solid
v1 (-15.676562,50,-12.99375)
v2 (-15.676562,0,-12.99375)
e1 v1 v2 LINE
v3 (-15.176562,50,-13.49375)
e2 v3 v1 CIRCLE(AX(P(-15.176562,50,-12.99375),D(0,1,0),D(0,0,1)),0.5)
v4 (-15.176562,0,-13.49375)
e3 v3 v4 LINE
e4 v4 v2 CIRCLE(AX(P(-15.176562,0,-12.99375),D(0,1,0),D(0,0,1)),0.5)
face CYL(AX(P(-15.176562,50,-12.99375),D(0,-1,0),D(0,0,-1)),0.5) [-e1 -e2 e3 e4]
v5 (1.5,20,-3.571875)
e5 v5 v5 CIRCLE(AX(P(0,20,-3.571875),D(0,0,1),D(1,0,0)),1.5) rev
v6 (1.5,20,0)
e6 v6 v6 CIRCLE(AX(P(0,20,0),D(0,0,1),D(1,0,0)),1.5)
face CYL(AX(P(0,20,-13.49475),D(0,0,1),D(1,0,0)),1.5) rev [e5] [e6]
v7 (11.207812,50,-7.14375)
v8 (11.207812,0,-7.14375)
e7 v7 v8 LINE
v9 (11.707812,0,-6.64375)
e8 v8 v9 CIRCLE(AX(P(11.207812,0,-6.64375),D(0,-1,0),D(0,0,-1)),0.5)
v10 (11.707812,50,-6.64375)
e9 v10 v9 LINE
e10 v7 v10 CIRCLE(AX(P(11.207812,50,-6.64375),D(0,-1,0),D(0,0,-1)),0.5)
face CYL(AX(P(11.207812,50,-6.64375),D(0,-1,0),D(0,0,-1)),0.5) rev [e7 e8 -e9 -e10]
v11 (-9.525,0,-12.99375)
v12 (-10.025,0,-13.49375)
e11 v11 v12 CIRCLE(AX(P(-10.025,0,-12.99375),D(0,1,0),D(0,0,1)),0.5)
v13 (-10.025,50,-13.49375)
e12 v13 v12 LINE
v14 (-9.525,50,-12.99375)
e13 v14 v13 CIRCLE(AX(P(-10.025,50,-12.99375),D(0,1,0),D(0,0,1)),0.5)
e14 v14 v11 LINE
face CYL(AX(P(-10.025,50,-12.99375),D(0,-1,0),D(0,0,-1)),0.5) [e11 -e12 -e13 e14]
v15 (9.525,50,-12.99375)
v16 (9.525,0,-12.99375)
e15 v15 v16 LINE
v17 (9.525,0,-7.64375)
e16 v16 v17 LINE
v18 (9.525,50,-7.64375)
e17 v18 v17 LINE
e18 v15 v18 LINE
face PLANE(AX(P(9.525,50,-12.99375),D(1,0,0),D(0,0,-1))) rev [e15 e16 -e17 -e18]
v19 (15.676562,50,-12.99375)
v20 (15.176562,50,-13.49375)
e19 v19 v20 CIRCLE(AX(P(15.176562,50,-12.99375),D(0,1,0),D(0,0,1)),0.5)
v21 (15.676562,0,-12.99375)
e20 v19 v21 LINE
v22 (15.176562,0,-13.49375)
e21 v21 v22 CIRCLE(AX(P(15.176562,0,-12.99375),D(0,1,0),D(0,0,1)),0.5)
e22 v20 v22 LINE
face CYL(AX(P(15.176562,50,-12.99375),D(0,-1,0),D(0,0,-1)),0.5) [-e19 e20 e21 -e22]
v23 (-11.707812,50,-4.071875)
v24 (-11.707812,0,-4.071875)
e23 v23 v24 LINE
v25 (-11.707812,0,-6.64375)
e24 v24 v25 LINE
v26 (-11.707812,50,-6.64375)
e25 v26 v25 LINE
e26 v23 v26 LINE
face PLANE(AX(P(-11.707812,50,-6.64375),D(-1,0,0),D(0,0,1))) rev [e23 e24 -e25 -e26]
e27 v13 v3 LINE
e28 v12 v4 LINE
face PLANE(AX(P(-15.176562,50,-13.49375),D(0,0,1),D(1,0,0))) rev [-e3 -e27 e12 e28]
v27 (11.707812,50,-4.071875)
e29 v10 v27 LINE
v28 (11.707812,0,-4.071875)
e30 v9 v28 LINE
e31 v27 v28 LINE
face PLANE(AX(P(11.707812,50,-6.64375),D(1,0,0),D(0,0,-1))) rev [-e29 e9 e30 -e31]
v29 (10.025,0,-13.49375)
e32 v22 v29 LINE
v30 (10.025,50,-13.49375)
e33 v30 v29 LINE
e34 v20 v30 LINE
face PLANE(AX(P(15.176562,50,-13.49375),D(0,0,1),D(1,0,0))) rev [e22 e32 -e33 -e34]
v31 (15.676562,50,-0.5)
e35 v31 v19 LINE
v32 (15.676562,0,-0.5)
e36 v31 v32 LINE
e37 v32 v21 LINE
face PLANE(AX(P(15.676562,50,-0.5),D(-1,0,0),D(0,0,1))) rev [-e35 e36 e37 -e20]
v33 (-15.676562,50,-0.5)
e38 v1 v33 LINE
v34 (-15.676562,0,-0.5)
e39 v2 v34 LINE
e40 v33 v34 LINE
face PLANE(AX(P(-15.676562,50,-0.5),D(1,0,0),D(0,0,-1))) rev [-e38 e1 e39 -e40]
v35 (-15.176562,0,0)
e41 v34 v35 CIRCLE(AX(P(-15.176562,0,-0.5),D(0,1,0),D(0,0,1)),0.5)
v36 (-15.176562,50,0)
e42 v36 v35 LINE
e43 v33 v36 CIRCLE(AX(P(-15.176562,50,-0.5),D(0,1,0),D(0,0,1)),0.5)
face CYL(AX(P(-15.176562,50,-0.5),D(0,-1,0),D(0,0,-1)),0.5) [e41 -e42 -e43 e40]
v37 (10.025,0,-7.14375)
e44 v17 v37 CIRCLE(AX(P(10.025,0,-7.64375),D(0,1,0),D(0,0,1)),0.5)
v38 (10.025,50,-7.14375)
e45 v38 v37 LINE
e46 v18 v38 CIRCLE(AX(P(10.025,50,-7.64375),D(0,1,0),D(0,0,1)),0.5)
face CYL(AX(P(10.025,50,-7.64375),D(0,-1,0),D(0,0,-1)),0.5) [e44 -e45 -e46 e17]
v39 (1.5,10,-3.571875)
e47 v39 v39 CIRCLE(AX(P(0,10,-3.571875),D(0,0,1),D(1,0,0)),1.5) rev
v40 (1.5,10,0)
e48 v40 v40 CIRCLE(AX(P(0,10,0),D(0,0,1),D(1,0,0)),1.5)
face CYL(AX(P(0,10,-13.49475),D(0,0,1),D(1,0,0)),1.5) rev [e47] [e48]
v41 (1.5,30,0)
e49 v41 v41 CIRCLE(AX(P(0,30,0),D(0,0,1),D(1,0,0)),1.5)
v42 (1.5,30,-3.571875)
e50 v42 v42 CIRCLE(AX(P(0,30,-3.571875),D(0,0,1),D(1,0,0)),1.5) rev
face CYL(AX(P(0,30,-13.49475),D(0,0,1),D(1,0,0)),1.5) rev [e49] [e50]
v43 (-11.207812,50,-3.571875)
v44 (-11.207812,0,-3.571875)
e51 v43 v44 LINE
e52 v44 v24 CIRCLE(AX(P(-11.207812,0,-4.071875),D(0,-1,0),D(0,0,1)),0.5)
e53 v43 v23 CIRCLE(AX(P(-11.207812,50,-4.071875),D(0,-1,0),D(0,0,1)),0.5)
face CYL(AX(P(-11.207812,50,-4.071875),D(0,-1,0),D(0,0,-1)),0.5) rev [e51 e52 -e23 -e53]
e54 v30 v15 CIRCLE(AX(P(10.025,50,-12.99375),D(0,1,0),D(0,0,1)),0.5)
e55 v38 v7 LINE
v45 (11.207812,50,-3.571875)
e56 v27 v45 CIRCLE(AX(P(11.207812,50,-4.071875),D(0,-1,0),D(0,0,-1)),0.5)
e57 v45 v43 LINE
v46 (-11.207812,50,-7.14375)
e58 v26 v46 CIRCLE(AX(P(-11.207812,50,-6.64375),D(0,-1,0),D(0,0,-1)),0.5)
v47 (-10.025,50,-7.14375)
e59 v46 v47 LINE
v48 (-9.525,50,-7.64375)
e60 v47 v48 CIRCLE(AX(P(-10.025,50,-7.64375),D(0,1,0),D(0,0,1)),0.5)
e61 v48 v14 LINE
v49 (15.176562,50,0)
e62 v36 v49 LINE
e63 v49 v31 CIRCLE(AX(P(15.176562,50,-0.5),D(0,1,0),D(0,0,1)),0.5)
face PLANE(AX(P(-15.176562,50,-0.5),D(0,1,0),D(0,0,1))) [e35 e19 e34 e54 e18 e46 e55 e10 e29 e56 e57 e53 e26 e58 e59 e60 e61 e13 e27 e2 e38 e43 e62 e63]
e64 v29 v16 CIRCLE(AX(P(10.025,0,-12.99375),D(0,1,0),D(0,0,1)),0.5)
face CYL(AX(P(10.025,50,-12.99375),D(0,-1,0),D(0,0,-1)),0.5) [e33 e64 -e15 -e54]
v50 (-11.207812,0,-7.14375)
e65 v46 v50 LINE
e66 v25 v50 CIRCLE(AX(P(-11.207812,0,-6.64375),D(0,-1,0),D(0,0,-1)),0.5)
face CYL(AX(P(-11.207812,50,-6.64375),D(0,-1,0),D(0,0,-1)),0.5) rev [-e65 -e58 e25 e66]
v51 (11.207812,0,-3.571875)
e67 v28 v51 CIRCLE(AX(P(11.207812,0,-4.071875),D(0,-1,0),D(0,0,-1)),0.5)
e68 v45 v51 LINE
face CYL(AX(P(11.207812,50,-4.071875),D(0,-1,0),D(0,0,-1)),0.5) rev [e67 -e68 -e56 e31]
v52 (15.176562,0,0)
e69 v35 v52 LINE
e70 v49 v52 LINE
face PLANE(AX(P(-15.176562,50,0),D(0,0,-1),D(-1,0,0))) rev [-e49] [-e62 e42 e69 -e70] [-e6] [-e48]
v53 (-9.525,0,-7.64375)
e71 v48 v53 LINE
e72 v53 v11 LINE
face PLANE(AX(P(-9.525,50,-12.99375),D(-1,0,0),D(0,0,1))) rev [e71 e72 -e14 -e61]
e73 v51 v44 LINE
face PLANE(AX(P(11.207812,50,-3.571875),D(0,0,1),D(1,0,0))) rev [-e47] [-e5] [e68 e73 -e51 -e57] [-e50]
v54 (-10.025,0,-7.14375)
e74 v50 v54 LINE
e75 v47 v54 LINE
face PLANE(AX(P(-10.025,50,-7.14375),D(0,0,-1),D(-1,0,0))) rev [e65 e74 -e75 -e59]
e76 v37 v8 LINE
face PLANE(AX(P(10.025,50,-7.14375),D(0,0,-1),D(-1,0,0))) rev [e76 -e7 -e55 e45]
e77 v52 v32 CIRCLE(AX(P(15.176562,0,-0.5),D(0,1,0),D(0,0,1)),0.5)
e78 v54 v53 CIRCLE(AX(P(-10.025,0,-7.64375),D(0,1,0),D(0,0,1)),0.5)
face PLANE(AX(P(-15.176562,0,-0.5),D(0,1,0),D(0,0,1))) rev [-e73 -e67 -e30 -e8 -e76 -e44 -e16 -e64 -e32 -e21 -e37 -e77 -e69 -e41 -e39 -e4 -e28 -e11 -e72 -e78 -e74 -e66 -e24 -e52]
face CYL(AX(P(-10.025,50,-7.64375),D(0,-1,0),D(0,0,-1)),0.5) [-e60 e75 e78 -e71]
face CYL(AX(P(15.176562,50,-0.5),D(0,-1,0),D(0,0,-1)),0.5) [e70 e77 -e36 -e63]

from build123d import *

# Parameters (mm, degrees)
BOSS_EXTRUDE1_DEPTH = 50
CUT_EXTRUDE1_REACH  = 56.109
SKETCH2_R           = 1.5


with BuildPart() as part:
    # Sketch1 → Boss-Extrude1 (new body)
    with BuildSketch(Plane(origin=(0, 0, 0), x_dir=(1, 0, 0), z_dir=(0, 1, 0))):
        with BuildLine():
            Line((-15.1765625, 0), (15.1765625, 0))
            ThreePointArc((15.1765625, 0), (15.530115891, 0.146446609), (15.6765625, 0.5))
            Line((15.6765625, 0.5), (15.6765625, 12.99375))
            ThreePointArc((15.6765625, 12.99375), (15.530115891, 13.347303391), (15.1765625, 13.49375))
            Line((15.1765625, 13.49375), (10.025, 13.49375))
            ThreePointArc((10.025, 13.49375), (9.671446609, 13.347303391), (9.525, 12.99375))
            Line((9.525, 12.99375), (9.525, 7.64375))
            ThreePointArc((9.525, 7.64375), (9.671446609, 7.290196609), (10.025, 7.14375))
            Line((10.025, 7.14375), (11.2078125, 7.14375))
            ThreePointArc((11.2078125, 7.14375), (11.561365891, 6.997303391), (11.7078125, 6.64375))
            Line((11.7078125, 6.64375), (11.7078125, 4.071875))
            ThreePointArc((11.7078125, 4.071875), (11.561365891, 3.718321609), (11.2078125, 3.571875))
            Line((11.2078125, 3.571875), (-11.2078125, 3.571875))
            ThreePointArc((-11.2078125, 3.571875), (-11.561365891, 3.718321609), (-11.7078125, 4.071875))
            Line((-11.7078125, 4.071875), (-11.7078125, 6.64375))
            ThreePointArc((-11.7078125, 6.64375), (-11.561365891, 6.997303391), (-11.2078125, 7.14375))
            Line((-11.2078125, 7.14375), (-10.025, 7.14375))
            ThreePointArc((-10.025, 7.14375), (-9.671446609, 7.290196609), (-9.525, 7.64375))
            Line((-9.525, 7.64375), (-9.525, 12.99375))
            ThreePointArc((-9.525, 12.99375), (-9.671446609, 13.347303391), (-10.025, 13.49375))
            Line((-10.025, 13.49375), (-15.1765625, 13.49375))
            ThreePointArc((-15.1765625, 13.49375), (-15.530115891, 13.347303391), (-15.6765625, 12.99375))
            Line((-15.6765625, 12.99375), (-15.6765625, 0.5))
            ThreePointArc((-15.6765625, 0.5), (-15.530115891, 0.146446609), (-15.1765625, 0))
        make_face()
    extrude(amount=BOSS_EXTRUDE1_DEPTH)

    # Sketch2 → Cut-Extrude1 (cut, up to next)
    with BuildSketch(Plane.XY, mode=Mode.PRIVATE) as cut_extrude1_sk1:
        with Locations((0, 10)):
            Circle(SKETCH2_R)
    cut_extrude1_tool1 = extrude(cut_extrude1_sk1.sketch, amount=-CUT_EXTRUDE1_REACH, mode=Mode.PRIVATE) & part.part
    # Sketch2 → Cut-Extrude1 (cut, up to next)
    with BuildSketch(Plane.XY, mode=Mode.PRIVATE) as cut_extrude1_sk2:
        with Locations((0, 20)):
            Circle(SKETCH2_R)
    cut_extrude1_tool2 = extrude(cut_extrude1_sk2.sketch, amount=-CUT_EXTRUDE1_REACH, mode=Mode.PRIVATE) & part.part
    # Sketch2 → Cut-Extrude1 (cut, up to next)
    with BuildSketch(Plane.XY, mode=Mode.PRIVATE) as cut_extrude1_sk3:
        with Locations((0, 30)):
            Circle(SKETCH2_R)
    cut_extrude1_tool3 = extrude(cut_extrude1_sk3.sketch, amount=-CUT_EXTRUDE1_REACH, mode=Mode.PRIVATE) & part.part
    add(cut_extrude1_tool1.solids().sort_by_distance((0, 10, 0))[0], mode=Mode.SUBTRACT)
    add(cut_extrude1_tool2.solids().sort_by_distance((0, 20, 0))[0], mode=Mode.SUBTRACT)
    add(cut_extrude1_tool3.solids().sort_by_distance((0, 30, 0))[0], mode=Mode.SUBTRACT)


solid = part.part
